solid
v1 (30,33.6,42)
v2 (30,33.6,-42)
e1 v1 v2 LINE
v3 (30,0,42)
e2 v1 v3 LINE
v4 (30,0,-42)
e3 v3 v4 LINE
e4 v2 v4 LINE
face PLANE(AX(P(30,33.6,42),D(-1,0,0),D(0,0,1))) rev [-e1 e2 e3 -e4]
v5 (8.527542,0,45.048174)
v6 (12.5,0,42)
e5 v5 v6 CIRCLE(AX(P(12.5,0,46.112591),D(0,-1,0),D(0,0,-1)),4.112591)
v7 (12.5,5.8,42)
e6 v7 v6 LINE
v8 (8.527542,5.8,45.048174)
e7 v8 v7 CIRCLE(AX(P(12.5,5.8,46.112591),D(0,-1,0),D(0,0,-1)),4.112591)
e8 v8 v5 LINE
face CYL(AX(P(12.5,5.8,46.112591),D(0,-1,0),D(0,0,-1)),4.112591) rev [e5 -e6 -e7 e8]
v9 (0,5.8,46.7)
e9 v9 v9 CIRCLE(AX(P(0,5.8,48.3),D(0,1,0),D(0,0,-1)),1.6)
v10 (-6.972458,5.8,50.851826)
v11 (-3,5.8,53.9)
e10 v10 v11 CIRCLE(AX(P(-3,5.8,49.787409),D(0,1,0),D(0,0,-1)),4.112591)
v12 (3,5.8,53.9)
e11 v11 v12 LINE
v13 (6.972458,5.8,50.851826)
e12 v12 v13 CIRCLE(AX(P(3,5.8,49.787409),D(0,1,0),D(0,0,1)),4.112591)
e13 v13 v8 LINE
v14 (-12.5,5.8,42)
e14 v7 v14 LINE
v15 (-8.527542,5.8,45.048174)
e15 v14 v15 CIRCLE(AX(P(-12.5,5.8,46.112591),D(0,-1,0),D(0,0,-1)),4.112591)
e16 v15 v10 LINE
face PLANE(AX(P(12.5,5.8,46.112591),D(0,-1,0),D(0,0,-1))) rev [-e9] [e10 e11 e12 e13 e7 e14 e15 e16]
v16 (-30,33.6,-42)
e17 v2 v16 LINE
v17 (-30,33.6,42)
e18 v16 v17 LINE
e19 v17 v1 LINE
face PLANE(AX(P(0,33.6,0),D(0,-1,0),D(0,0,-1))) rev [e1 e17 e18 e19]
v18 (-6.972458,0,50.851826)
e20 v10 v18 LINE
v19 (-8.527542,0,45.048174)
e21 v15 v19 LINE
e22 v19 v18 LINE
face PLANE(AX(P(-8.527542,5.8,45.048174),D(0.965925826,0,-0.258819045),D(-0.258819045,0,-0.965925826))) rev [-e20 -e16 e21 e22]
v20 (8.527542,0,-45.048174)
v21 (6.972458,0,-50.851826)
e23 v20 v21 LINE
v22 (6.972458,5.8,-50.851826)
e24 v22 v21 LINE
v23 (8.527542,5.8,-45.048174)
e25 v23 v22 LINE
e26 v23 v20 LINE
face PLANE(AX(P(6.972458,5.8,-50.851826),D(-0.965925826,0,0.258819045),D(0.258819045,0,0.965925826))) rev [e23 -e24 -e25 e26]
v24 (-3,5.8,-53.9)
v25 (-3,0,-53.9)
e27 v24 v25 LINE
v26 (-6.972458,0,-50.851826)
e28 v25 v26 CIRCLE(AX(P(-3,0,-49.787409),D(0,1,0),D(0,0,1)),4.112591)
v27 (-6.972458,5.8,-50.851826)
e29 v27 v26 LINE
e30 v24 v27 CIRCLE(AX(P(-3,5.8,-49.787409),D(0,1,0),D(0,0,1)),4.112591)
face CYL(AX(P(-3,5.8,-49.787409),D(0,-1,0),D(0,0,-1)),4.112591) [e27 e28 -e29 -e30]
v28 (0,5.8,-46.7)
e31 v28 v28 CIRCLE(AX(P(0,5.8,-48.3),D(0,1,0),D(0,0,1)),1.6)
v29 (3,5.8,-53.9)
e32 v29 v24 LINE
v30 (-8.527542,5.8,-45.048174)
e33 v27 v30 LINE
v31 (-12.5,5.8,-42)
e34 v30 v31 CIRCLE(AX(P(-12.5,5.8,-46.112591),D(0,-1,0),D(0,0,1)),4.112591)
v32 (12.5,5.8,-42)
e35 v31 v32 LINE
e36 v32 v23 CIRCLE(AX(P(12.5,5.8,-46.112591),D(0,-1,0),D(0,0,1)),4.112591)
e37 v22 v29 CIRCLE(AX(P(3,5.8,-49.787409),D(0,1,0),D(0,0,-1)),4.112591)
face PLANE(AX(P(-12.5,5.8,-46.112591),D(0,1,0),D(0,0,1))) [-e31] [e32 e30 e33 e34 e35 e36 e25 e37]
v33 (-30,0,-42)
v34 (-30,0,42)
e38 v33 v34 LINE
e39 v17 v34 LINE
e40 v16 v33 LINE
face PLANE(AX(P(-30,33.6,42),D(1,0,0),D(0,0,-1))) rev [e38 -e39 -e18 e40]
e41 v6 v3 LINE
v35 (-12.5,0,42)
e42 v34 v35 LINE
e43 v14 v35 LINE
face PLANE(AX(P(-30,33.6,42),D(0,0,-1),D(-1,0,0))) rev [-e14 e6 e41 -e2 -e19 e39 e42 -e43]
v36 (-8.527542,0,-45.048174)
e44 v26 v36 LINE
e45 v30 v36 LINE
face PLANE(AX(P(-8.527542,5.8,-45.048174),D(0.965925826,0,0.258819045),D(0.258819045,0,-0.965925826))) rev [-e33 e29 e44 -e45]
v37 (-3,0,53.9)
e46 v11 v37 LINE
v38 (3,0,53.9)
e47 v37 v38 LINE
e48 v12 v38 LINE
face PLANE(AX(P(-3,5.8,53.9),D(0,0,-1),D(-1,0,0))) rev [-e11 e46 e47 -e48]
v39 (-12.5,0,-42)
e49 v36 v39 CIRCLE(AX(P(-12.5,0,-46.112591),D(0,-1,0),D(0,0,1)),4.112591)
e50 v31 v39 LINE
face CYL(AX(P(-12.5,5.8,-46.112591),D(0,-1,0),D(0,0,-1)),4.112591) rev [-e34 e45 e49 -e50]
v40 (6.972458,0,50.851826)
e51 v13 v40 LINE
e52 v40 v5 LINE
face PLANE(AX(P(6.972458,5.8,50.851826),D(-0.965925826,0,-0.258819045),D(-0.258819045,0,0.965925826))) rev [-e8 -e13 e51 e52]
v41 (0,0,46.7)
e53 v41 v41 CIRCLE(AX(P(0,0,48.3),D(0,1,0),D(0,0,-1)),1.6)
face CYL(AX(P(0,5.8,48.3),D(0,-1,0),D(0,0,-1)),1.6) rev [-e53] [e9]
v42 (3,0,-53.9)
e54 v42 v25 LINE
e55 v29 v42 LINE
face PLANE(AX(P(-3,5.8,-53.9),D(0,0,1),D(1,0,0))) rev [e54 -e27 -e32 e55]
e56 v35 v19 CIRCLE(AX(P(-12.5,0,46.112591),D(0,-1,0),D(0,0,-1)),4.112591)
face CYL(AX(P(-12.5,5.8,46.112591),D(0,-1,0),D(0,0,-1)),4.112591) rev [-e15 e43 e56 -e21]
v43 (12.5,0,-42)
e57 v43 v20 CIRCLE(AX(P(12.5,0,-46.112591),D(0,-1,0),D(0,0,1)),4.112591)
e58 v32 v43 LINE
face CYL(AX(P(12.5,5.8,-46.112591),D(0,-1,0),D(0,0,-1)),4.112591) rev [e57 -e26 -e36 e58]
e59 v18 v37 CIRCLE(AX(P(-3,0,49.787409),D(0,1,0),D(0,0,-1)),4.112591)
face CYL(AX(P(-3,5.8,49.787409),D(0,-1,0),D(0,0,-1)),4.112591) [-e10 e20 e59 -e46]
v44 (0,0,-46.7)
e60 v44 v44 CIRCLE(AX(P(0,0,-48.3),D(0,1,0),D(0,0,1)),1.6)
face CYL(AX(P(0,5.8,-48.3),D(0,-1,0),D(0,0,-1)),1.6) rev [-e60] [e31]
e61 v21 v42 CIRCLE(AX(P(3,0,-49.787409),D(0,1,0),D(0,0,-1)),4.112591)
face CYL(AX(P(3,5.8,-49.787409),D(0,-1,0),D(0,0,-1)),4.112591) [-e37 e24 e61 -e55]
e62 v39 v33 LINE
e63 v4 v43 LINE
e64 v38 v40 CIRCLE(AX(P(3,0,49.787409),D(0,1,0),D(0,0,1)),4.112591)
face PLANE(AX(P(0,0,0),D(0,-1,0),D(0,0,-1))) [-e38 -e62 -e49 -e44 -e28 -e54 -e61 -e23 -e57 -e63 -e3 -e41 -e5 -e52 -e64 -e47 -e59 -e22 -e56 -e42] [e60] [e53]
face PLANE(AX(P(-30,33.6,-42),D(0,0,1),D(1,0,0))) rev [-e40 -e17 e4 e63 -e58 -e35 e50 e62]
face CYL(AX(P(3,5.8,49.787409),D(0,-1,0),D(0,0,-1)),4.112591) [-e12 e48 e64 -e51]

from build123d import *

# Parameters (mm, degrees)
SKETCH1_W           = 60
SKETCH1_H           = 84
BOSS_EXTRUDE1_DEPTH = 33.6
SKETCH2_R           = 1.6
BOSS_EXTRUDE2_DEPTH = 5.8


with BuildPart() as part:
    # Sketch1 → Boss-Extrude1 (new body)
    with BuildSketch(Plane(origin=(0, 0, 0), x_dir=(1, 0, 0), z_dir=(0, 1, 0))):
        Rectangle(SKETCH1_W, SKETCH1_H)
    extrude(amount=BOSS_EXTRUDE1_DEPTH)

    # Sketch2 → Boss-Extrude2 (add)
    with BuildSketch(Plane(origin=(0, 0, 0), x_dir=(1, 0, 0), z_dir=(0, 1, 0))):
        with BuildLine():
            Line((-12.5, 42), (12.5, 42))
            ThreePointArc((12.5, 42), (9.996413035, 42.849853258), (8.527541838, 45.048174357))
            Line((8.527541838, 45.048174357), (6.972458162, 50.851825643))
            ThreePointArc((6.972458162, 50.851825643), (5.503586965, 53.050146742), (3, 53.9))
            Line((3, 53.9), (-3, 53.9))
            ThreePointArc((-3, 53.9), (-5.503586965, 53.050146742), (-6.972458162, 50.851825643))
            Line((-6.972458162, 50.851825643), (-8.527541838, 45.048174357))
            ThreePointArc((-8.527541838, 45.048174357), (-9.996413035, 42.849853258), (-12.5, 42))
        make_face()
        with Locations((0, 48.3)):
            Circle(SKETCH2_R, mode=Mode.SUBTRACT)
        with BuildLine():
            Line((6.972458162, -50.851825643), (8.527541838, -45.048174357))
            ThreePointArc((8.527541838, -45.048174357), (9.996413035, -42.849853258), (12.5, -42))
            Line((12.5, -42), (-12.5, -42))
            ThreePointArc((-12.5, -42), (-9.996413035, -42.849853258), (-8.527541838, -45.048174357))
            Line((-8.527541838, -45.048174357), (-6.972458162, -50.851825643))
            ThreePointArc((-6.972458162, -50.851825643), (-5.503586965, -53.050146742), (-3, -53.9))
            Line((-3, -53.9), (3, -53.9))
            ThreePointArc((3, -53.9), (5.503586965, -53.050146742), (6.972458162, -50.851825643))
        make_face()
        with Locations((0, -48.3)):
            Circle(SKETCH2_R, mode=Mode.SUBTRACT)
    extrude(amount=BOSS_EXTRUDE2_DEPTH)


solid = part.part
